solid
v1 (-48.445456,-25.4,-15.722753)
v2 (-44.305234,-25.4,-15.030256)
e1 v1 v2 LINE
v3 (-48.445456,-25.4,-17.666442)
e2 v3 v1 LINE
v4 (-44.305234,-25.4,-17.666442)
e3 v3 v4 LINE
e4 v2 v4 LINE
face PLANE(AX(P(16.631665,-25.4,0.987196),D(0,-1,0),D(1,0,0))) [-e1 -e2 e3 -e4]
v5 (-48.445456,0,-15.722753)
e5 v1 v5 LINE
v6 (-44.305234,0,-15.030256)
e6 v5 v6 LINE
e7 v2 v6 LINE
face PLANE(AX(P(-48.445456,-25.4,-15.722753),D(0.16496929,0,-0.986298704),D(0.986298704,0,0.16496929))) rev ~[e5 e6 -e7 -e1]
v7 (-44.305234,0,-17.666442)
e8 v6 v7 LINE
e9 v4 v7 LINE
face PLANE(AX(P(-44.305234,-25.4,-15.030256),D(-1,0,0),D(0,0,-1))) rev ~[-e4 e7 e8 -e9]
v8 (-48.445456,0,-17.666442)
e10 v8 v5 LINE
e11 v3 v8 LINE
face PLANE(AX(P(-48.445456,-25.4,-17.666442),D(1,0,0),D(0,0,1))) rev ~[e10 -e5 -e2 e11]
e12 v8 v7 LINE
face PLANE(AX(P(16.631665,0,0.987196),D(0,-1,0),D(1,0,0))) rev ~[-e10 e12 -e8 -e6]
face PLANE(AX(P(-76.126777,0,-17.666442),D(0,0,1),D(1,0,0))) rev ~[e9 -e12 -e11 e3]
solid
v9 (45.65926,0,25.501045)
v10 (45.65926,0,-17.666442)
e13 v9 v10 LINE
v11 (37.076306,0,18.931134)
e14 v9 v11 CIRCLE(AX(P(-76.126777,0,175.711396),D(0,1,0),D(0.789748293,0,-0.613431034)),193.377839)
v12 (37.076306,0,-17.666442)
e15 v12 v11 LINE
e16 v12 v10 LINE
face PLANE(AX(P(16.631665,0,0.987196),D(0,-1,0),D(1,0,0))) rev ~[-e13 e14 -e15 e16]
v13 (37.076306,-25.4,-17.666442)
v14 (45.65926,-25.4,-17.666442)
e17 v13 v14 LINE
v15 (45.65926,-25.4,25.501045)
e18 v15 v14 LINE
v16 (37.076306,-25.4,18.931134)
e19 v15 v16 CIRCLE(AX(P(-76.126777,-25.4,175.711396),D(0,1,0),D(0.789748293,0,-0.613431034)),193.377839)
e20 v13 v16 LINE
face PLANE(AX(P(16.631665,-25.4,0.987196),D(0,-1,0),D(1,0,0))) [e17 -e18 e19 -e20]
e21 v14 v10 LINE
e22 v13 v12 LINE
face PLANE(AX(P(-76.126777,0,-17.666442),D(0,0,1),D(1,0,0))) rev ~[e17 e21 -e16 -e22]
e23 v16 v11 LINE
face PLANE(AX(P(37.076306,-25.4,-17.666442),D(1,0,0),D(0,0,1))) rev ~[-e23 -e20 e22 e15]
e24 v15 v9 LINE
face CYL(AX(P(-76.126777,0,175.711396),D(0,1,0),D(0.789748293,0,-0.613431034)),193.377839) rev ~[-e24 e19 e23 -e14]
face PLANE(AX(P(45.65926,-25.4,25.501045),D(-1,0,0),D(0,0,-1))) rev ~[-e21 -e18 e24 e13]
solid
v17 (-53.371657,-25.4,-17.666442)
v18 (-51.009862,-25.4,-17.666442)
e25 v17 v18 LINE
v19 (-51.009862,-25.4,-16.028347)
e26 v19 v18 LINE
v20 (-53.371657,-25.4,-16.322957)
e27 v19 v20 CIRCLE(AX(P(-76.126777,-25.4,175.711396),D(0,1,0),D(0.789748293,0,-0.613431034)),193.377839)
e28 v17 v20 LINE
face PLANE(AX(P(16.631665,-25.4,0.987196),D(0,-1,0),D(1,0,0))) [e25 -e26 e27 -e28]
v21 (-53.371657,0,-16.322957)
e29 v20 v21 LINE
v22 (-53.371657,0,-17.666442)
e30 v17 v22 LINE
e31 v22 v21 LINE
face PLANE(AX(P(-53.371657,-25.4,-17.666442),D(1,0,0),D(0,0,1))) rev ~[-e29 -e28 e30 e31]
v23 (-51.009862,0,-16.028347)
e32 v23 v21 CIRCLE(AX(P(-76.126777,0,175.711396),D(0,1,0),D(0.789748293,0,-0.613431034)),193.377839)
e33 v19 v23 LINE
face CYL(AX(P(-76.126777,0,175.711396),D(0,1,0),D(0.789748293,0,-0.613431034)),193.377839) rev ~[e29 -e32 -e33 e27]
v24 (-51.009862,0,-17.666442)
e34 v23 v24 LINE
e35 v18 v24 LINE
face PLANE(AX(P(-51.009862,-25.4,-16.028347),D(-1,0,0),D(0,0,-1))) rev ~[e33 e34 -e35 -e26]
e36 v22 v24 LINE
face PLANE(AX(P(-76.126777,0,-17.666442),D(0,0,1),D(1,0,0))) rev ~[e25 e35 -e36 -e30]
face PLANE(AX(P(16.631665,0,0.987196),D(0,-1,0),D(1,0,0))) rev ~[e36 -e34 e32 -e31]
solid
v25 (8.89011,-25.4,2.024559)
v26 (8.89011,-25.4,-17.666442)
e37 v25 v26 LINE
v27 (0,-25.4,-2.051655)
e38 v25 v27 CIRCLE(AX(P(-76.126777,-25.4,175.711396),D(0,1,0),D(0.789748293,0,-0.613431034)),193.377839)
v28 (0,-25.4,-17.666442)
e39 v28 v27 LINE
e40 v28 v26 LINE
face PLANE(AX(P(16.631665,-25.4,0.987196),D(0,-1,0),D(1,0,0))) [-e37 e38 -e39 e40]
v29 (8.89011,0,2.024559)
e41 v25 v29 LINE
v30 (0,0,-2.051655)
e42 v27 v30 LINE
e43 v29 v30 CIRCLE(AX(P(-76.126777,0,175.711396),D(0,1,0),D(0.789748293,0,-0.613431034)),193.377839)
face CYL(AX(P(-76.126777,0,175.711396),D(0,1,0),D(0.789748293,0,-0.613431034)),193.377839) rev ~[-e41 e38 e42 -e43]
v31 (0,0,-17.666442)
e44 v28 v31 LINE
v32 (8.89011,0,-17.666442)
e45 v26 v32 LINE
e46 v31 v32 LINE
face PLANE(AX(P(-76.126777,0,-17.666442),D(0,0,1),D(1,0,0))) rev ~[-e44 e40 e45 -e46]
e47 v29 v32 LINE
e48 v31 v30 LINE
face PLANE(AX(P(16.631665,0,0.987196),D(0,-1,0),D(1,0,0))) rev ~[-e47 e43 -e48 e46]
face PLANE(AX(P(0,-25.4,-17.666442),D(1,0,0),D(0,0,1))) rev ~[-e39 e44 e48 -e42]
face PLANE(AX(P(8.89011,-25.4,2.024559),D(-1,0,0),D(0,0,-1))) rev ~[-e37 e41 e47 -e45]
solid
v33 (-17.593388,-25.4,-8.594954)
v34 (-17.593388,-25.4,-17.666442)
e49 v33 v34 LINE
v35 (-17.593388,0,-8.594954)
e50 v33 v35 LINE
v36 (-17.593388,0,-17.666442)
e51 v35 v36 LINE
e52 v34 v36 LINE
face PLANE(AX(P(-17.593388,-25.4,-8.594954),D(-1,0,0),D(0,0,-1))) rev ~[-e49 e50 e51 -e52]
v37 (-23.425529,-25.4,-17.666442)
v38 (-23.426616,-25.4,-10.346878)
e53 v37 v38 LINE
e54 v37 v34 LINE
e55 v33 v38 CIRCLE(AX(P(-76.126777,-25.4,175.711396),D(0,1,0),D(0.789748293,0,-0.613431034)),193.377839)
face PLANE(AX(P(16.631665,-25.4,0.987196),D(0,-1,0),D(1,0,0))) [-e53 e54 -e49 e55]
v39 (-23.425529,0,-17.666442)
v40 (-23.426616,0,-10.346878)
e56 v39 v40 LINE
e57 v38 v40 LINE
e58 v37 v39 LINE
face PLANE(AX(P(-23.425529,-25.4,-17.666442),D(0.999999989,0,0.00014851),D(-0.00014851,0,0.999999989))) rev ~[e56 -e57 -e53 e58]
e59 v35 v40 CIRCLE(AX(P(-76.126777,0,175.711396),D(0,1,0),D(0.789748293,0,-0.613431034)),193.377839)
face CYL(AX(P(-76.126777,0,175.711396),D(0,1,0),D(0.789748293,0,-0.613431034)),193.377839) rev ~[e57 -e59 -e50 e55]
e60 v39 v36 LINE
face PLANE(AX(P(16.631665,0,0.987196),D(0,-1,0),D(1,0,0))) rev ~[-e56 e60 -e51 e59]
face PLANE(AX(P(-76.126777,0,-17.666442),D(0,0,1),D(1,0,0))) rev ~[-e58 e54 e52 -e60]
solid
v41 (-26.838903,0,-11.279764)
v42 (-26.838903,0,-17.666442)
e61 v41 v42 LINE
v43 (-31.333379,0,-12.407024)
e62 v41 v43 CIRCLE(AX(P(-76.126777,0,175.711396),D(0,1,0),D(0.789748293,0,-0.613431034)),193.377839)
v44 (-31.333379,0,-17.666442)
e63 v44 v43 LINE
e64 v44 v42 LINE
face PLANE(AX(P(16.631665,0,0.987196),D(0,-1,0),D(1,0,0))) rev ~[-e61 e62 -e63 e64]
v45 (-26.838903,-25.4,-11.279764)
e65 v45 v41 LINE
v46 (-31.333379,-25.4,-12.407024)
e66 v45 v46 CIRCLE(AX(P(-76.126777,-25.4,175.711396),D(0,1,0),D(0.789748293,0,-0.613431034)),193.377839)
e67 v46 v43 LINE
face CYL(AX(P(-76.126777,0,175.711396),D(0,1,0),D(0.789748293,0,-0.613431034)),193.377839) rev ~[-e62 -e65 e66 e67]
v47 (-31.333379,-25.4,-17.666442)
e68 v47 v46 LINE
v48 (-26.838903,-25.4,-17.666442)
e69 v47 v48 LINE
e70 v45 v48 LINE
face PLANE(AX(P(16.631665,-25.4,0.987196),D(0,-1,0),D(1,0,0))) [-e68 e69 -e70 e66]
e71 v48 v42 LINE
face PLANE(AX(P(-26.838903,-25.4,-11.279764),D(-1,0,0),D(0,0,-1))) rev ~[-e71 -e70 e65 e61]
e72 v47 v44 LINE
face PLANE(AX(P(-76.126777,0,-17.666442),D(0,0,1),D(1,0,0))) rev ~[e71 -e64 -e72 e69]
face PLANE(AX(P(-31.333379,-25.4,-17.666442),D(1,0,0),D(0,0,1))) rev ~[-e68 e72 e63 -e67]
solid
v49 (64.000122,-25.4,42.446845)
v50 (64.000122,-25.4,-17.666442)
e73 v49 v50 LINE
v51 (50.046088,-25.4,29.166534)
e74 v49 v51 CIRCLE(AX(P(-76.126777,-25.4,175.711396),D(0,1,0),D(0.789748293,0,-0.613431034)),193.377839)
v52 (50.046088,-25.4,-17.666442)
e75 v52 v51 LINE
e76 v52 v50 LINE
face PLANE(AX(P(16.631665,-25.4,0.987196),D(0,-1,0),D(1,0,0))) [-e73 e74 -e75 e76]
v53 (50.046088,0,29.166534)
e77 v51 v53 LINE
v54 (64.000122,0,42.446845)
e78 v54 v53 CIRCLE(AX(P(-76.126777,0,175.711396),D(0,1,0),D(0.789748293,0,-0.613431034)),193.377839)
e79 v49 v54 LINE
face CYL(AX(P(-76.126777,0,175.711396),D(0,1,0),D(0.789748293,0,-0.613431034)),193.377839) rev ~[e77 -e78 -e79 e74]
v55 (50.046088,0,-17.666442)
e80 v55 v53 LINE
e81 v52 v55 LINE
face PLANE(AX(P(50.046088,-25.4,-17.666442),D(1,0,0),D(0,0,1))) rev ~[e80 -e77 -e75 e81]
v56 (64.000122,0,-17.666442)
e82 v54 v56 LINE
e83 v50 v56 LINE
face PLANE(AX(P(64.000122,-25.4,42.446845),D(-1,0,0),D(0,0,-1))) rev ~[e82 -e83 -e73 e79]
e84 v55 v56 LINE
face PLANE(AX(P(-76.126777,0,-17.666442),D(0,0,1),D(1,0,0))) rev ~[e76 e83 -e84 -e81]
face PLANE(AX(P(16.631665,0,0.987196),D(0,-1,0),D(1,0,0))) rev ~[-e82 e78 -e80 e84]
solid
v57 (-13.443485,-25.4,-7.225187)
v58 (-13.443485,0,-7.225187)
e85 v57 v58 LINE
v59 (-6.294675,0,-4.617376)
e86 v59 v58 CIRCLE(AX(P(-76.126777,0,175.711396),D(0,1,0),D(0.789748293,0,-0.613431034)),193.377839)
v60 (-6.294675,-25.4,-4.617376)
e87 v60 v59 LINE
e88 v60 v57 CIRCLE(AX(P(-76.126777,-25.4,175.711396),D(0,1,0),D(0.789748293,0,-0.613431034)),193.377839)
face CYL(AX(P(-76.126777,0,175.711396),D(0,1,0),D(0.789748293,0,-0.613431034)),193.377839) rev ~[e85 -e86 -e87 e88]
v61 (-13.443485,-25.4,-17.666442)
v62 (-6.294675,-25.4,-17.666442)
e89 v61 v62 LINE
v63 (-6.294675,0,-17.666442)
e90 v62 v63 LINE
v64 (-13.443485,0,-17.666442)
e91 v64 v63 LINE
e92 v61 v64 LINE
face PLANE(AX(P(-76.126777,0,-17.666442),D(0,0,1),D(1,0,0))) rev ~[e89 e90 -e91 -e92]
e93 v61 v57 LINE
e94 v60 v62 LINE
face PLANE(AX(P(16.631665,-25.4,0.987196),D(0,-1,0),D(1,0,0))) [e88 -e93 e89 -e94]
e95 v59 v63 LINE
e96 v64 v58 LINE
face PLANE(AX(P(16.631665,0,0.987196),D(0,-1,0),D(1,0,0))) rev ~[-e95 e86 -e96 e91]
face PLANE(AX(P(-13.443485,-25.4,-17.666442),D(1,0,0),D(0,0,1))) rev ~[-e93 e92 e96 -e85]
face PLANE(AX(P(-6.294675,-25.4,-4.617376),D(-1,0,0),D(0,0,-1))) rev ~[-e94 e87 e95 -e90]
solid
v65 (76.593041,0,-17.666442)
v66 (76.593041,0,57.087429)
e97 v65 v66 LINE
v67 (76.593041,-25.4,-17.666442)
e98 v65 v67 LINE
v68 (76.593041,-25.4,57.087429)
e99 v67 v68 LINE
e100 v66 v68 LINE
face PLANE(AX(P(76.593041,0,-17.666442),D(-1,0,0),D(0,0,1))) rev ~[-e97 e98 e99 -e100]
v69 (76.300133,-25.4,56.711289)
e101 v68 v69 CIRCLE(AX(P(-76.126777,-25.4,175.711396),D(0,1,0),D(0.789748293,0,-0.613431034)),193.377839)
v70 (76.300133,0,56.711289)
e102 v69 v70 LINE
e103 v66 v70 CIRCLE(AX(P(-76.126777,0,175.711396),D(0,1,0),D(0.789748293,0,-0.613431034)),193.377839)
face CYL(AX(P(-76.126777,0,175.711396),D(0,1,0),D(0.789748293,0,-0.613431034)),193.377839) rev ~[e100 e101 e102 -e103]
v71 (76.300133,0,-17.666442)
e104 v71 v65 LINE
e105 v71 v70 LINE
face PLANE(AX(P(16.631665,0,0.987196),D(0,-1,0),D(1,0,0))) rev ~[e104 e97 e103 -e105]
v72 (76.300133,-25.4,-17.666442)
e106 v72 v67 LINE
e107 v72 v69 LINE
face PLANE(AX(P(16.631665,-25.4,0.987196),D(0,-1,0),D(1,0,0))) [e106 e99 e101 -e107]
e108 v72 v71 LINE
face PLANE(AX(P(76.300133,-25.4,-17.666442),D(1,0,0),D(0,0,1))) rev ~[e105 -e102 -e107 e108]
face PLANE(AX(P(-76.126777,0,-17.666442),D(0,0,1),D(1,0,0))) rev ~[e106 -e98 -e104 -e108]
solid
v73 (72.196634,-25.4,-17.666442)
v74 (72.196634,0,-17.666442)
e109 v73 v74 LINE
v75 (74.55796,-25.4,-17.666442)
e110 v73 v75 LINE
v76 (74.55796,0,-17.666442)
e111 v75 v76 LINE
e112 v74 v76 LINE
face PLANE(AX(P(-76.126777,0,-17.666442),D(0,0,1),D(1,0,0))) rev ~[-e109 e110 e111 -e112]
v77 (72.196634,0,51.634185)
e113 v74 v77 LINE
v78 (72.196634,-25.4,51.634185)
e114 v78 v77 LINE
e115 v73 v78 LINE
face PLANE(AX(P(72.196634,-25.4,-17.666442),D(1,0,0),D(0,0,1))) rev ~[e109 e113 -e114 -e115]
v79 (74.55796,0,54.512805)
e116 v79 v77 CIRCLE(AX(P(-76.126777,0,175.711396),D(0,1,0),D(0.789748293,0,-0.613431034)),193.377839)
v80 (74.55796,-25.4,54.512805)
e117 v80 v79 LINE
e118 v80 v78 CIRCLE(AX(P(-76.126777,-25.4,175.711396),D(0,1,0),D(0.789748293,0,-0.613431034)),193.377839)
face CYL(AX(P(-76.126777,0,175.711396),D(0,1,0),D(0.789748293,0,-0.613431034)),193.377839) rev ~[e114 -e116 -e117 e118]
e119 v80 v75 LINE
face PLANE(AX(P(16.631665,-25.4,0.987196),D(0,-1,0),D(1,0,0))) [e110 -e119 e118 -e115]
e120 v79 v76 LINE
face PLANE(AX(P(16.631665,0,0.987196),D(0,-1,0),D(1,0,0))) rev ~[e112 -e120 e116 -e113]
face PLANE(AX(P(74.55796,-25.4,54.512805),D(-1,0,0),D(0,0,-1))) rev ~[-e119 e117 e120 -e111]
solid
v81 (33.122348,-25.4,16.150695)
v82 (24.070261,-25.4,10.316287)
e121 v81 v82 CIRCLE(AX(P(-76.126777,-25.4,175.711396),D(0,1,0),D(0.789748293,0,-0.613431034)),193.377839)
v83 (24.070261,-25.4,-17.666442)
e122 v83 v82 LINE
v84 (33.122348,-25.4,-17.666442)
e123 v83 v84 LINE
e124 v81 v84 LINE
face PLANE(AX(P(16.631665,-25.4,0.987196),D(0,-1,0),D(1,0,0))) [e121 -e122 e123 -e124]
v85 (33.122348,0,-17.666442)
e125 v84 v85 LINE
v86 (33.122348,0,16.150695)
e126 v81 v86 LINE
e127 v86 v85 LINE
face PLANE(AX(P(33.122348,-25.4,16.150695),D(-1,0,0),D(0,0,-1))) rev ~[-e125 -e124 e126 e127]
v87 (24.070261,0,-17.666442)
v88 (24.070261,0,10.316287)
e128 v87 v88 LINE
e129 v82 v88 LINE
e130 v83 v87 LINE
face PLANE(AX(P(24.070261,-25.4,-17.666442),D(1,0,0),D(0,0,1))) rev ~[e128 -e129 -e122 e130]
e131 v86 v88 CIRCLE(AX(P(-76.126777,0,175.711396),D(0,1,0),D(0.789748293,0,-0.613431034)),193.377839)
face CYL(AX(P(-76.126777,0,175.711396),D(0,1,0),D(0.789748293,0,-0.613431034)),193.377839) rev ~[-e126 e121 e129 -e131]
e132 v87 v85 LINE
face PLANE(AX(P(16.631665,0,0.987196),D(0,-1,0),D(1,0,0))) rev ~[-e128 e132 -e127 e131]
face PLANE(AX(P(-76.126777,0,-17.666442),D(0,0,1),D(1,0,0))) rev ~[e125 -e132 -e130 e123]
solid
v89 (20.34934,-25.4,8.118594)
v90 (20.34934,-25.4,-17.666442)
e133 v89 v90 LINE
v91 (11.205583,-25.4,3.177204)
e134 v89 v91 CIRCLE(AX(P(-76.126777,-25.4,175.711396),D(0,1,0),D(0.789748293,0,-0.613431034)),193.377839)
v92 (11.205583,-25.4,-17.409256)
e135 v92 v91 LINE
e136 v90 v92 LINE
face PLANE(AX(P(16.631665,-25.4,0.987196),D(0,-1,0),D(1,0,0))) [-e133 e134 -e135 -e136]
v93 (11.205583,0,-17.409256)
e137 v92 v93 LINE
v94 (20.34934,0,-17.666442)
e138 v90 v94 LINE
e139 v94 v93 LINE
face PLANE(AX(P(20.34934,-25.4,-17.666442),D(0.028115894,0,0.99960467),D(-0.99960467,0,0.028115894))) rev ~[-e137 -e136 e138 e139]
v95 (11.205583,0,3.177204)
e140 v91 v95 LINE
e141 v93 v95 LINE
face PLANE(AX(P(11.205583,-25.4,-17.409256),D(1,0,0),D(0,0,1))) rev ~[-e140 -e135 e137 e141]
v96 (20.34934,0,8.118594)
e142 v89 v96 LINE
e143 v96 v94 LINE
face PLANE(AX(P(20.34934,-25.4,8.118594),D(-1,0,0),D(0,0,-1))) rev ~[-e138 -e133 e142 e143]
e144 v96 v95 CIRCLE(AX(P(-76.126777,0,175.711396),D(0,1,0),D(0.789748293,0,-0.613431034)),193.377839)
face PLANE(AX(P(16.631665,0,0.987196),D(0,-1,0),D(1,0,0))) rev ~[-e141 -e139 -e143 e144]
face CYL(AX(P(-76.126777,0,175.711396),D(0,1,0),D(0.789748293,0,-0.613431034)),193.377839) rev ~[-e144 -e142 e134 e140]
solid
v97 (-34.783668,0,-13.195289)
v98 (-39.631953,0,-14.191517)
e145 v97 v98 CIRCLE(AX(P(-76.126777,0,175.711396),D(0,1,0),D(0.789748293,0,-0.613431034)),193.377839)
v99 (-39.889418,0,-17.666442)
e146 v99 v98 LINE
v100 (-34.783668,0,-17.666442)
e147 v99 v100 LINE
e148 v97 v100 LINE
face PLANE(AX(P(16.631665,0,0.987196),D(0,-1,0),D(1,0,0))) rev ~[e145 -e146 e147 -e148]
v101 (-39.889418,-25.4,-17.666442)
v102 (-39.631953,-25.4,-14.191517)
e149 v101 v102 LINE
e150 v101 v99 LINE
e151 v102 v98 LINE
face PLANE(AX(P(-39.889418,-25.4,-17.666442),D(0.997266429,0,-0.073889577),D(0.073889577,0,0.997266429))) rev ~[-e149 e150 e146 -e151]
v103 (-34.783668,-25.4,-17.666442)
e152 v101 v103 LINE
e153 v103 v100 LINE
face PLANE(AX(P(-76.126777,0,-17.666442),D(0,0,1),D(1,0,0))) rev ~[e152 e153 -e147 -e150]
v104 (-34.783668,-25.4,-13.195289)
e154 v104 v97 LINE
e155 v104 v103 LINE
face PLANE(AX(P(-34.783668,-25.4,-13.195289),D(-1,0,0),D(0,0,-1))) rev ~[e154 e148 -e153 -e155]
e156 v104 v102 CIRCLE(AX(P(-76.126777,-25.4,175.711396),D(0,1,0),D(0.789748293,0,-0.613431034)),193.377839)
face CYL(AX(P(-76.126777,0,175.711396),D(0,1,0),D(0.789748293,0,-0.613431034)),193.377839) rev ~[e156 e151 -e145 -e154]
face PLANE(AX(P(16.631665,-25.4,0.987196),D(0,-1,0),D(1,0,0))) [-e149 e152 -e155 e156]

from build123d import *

# Parameters (mm, degrees)
F1_DEPTH = 25.4
F3_DEPTH = 25.4


with BuildPart() as f1:
    # F0 (on Front) → F1 (new body)
    with BuildSketch(Plane.XZ):
        with BuildLine():
            ThreePointArc((76.59304142, 57.0874288678), (8.8901100465, 2.0245590037), (-76.1267766356, -17.6664423198))
            Line((-76.1267766356, -17.6664423198), (76.59304142, -17.6664423198))
            Line((76.59304142, -17.6664423198), (76.59304142, 57.0874288678))
        make_face()
    extrude(amount=F1_DEPTH)

    # F2 (on face) → F3 (cut)
    with BuildSketch(Plane.XZ.offset(25.4)):
        with BuildLine():
            Line((50.0460880919, -17.6664423198), (50.0460880919, 29.1665339536))
            ThreePointArc((50.0460880919, 29.1665339536), (49.2865848333, 28.5160253175), (48.5237278044, 27.8694529403))
            Line((48.5237278044, 27.8694529403), (48.5237278044, -17.6664423198))
            Line((48.5237278044, -17.6664423198), (50.0460880919, -17.6664423198))
        make_face()
        with BuildLine():
            Line((72.196634241, -17.6664423198), (72.196634241, 51.6341854121))
            ThreePointArc((72.196634241, 51.6341854121), (68.171515479, 46.9752655202), (64.0001222491, 42.4468448099))
            Line((64.0001222491, 42.4468448099), (64.0001222491, -17.6664423198))
            Line((64.0001222491, -17.6664423198), (72.196634241, -17.6664423198))
        make_face()
        with BuildLine():
            Line((76.3001332536, -17.6664423198), (76.3001332536, 56.7112886619))
            ThreePointArc((76.3001332536, 56.7112886619), (75.4330330198, 55.6088876943), (74.5579600334, 54.5128046785))
            Line((74.5579600334, 54.5128046785), (74.5579600334, -17.6664423198))
            Line((74.5579600334, -17.6664423198), (76.3001332536, -17.6664423198))
        make_face()
        with BuildLine():
            Line((48.5237278044, -17.6664423198), (48.5237278044, 27.8694529403))
            ThreePointArc((48.5237278044, 27.8694529403), (47.0971842769, 26.6783666373), (45.6592600747, 25.5010446737))
            Line((45.6592600747, 25.5010446737), (45.6592600747, -17.6664423198))
            Line((45.6592600747, -17.6664423198), (48.5237278044, -17.6664423198))
        make_face()
        with BuildLine():
            Line((37.076305598, -17.6664423198), (37.076305598, 18.9311340043))
            ThreePointArc((37.076305598, 18.9311340043), (35.1080145579, 17.5285599975), (33.1223477918, 16.1506953606))
            Line((33.1223477918, 16.1506953606), (33.1223477918, -17.6664423198))
            Line((33.1223477918, -17.6664423198), (37.076305598, -17.6664423198))
        make_face()
        with BuildLine():
            Line((24.0702610463, -17.6664423198), (24.0702610463, 10.3162872077))
            ThreePointArc((24.0702610463, 10.3162872077), (22.2159399407, 9.2070463023), (20.3493403318, 8.1185941677))
            Line((20.3493403318, 8.1185941677), (20.3493403318, -17.6664423198))
            Line((20.3493403318, -17.6664423198), (24.0702610463, -17.6664423198))
        make_face()
        with BuildLine():
            Line((8.8901100465, -17.6664423198), (20.3493403318, -17.6664423198))
            Line((20.3493403318, -17.6664423198), (11.2055828795, -17.4092557281))
            Line((11.2055828795, -17.4092557281), (11.2055828795, 3.1772041735))
            ThreePointArc((11.2055828795, 3.1772041735), (10.0497736197, 2.5970102506), (8.8901100465, 2.0245590037))
            Line((8.8901100465, 2.0245590037), (8.8901100465, -17.6664423198))
        make_face()
        with BuildLine():
            Line((-6.294675277, -17.6664423198), (0, -17.6664423198))
            Line((0, -17.6664423198), (0, -2.0516548377))
            ThreePointArc((0, -2.0516548377), (-3.1360632023, -3.3621757956), (-6.294675277, -4.6173759199))
            Line((-6.294675277, -4.6173759199), (-6.294675277, -17.6664423198))
        make_face()
        with BuildLine():
            Line((-17.5933878889, -17.6664423198), (-13.4434849024, -17.6664423198))
            Line((-13.4434849024, -17.6664423198), (-13.4434849024, -7.2251867219))
            ThreePointArc((-13.4434849024, -7.2251867219), (-15.5145668718, -7.9217937766), (-17.5933878889, -8.5949543012))
            Line((-17.5933878889, -8.5949543012), (-17.5933878889, -17.6664423198))
        make_face()
        with BuildLine():
            Line((-26.8389031026, -17.6664423198), (-23.4255289083, -17.6664423198))
            Line((-23.4255289083, -17.6664423198), (-23.4266159351, -10.3468782596))
            ThreePointArc((-23.4266159351, -10.3468782596), (-25.1306262848, -10.8211239727), (-26.8389031026, -11.2797638987))
            Line((-26.8389031026, -11.2797638987), (-26.8389031026, -17.6664423198))
        make_face()
        with BuildLine():
            Line((-34.7836675341, -17.6664423198), (-31.3333794475, -17.6664423198))
            Line((-31.3333794475, -17.6664423198), (-31.3333794475, -12.4070239519))
            ThreePointArc((-31.3333794475, -12.4070239519), (-33.0567201062, -12.8090500719), (-34.7836675341, -13.1952891283))
            Line((-34.7836675341, -13.1952891283), (-34.7836675341, -17.6664423198))
        make_face()
        with BuildLine():
            Line((-44.3052338714, -17.6664423198), (-39.8894175887, -17.6664423198))
            Line((-39.8894175887, -17.6664423198), (-39.6319529987, -14.191516572))
            ThreePointArc((-39.6319529987, -14.191516572), (-41.9660191721, -14.6252294951), (-44.3052338714, -15.0302559042))
            Line((-44.3052338714, -15.0302559042), (-44.3052338714, -17.6664423198))
        make_face()
        with BuildLine():
            Line((-48.44545573, -15.7227534801), (-44.3052338714, -15.0302559042))
            ThreePointArc((-44.3052338714, -15.0302559042), (-47.6531743525, -15.5586809271), (-51.0098620749, -16.0283467695))
            Line((-51.0098620749, -16.0283467695), (-51.0098620749, -17.6664423198))
            Line((-51.0098620749, -17.6664423198), (-48.44545573, -17.6664423198))
            Line((-48.44545573, -17.6664423198), (-48.44545573, -15.7227534801))
        make_face()
        with BuildLine():
            Line((-53.3716566861, -17.6664423198), (-53.3716566861, -16.3229573596))
            ThreePointArc((-53.3716566861, -16.3229573596), (-64.7294037393, -17.3302788905), (-76.1267766356, -17.6664423198))
            Line((-76.1267766356, -17.6664423198), (-53.3716566861, -17.6664423198))
        make_face()
    extrude(amount=-F3_DEPTH, mode=Mode.SUBTRACT)


solid = f1.part
